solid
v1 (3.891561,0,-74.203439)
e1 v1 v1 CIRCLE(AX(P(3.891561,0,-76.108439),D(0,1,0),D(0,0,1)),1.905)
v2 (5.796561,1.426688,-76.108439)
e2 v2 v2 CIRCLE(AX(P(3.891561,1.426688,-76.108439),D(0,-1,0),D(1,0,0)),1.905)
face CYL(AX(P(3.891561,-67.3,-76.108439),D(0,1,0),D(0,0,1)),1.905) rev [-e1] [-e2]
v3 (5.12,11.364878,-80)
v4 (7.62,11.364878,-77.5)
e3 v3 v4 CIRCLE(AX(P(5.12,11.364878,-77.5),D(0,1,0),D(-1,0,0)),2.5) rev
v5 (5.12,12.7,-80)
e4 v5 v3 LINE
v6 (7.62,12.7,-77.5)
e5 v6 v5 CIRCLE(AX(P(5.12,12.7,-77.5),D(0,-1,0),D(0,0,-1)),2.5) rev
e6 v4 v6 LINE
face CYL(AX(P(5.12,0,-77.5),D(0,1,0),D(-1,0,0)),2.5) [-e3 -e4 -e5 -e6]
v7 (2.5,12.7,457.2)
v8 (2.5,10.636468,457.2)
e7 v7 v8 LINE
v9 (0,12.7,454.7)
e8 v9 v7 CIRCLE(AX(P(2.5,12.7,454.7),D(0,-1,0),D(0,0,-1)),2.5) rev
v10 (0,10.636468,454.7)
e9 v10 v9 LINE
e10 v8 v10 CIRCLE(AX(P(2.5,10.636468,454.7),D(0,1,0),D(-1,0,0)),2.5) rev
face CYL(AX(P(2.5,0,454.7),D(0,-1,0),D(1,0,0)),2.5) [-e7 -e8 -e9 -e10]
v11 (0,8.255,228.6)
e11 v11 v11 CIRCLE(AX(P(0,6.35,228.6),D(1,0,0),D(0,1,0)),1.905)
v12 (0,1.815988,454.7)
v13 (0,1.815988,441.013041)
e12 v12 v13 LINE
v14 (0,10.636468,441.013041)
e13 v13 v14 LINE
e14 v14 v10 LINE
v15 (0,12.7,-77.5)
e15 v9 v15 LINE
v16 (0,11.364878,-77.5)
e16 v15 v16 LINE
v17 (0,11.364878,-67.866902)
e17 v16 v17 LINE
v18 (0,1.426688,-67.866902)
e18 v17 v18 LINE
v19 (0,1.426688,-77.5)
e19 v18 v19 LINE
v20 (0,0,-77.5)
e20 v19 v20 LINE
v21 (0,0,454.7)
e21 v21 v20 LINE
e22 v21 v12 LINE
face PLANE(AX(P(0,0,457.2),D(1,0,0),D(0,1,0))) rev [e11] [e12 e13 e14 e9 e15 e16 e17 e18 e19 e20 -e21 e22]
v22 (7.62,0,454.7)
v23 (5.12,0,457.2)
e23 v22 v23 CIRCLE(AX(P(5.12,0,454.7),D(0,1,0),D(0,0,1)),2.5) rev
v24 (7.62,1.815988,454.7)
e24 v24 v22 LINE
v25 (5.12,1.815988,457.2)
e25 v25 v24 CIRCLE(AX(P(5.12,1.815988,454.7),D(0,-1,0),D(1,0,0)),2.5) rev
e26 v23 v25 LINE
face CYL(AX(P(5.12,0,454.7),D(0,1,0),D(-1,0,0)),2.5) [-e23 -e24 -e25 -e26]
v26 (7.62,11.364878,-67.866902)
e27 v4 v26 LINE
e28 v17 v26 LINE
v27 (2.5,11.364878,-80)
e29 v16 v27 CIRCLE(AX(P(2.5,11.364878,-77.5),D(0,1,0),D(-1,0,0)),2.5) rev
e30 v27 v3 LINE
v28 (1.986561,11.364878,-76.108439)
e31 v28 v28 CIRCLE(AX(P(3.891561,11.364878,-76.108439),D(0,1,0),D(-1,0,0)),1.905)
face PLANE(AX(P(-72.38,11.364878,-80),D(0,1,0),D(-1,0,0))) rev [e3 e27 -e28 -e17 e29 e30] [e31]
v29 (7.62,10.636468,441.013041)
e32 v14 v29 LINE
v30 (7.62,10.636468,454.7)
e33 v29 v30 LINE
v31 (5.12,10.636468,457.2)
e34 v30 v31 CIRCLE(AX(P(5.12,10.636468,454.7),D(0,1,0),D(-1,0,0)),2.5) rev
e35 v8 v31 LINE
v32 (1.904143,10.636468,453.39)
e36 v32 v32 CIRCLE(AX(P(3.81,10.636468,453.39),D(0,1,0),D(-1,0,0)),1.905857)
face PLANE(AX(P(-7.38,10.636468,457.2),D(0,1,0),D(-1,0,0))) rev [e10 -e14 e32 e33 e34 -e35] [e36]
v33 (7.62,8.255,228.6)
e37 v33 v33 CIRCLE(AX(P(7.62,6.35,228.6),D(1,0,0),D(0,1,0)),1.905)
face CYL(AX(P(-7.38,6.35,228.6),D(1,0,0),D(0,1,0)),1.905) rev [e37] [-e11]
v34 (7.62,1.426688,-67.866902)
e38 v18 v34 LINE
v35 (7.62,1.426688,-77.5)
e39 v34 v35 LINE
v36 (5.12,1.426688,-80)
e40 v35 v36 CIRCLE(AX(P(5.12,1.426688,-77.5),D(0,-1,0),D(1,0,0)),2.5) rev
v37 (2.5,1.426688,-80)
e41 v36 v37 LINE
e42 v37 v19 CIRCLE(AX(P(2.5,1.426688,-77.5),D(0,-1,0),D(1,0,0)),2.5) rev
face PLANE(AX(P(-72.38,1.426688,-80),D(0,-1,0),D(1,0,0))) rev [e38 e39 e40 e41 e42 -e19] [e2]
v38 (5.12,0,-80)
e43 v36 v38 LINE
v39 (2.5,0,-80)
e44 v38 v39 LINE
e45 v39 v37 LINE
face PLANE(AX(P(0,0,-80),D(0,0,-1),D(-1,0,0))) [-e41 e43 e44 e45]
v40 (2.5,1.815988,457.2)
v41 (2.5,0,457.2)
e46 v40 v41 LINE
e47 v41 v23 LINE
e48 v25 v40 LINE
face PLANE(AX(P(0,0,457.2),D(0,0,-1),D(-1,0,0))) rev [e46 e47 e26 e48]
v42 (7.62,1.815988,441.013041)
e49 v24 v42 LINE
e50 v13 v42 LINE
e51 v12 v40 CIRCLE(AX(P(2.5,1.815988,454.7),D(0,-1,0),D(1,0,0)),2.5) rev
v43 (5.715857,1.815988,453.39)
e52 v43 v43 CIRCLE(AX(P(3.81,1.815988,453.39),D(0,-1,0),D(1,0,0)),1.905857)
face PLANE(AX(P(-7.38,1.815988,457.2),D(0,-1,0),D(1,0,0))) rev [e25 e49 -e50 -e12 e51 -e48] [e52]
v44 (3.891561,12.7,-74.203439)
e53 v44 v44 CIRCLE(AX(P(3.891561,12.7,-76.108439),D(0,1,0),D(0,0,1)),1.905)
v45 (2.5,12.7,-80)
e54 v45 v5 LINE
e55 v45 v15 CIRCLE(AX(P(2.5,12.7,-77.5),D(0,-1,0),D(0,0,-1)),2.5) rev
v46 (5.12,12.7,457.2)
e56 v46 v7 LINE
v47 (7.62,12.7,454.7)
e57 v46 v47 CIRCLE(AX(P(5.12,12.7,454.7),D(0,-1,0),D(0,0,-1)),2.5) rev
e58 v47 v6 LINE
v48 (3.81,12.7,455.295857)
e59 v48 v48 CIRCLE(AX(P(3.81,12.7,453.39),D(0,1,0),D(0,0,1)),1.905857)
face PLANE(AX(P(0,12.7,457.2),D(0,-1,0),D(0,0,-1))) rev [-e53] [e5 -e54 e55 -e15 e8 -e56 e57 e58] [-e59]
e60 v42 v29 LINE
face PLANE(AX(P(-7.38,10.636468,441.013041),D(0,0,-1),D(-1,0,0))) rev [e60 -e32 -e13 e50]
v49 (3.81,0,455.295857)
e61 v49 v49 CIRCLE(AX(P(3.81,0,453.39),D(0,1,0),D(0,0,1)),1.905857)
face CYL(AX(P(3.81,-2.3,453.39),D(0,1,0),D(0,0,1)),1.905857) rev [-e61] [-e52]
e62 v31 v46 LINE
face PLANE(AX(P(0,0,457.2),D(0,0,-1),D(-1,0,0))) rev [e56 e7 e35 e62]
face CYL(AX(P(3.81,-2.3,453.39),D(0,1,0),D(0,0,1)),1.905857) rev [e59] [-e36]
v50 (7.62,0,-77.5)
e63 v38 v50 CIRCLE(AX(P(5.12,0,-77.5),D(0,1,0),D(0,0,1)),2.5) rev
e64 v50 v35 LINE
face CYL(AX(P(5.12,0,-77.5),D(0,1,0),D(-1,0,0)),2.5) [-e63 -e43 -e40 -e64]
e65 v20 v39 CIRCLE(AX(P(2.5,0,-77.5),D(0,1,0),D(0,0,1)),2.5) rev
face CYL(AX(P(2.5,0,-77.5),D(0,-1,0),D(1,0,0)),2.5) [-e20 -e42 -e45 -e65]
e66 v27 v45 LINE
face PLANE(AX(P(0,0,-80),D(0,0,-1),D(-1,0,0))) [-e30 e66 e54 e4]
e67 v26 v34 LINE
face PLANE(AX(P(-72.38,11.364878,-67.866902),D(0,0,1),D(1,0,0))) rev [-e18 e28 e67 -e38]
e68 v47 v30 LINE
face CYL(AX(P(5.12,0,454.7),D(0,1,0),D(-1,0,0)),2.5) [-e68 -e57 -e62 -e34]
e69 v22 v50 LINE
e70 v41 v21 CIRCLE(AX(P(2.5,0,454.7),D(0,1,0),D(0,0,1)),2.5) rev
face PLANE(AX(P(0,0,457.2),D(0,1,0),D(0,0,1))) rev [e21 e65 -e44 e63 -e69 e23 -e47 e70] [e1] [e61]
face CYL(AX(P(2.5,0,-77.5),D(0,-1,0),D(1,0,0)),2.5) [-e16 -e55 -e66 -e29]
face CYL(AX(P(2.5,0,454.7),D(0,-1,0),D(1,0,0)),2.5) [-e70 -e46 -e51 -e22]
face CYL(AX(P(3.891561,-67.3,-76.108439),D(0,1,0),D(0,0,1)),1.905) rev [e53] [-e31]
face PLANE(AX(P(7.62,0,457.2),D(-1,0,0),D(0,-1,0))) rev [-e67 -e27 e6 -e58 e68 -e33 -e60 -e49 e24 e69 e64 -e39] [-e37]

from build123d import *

# Parameters (mm, degrees)
SKETCH1_W           = 7.62
SKETCH1_H           = 12.7
BOSS_EXTRUDE1_DEPTH = 457.2
SKETCH3_R           = 1.905
CUT_EXTRUDE2_DEPTH  = 15
SKETCH4_W           = 16.186958623
SKETCH4_H           = 8.82047947
CUT_EXTRUDE3_DEPTH  = 15
CUT_EXTRUDE4_DEPTH  = 15
FILLET1_R           = 2.5
SKETCH6_W           = 7.62
SKETCH6_H           = 12.7
BOSS_EXTRUDE2_DEPTH = 80
SKETCH7_W           = 12.13309825
SKETCH7_H           = 9.938189712
CUT_EXTRUDE5_DEPTH  = 80
CUT_EXTRUDE6_DEPTH  = 80
FILLET2_R           = 2.5


with BuildPart() as part:
    # Sketch1 → Boss-Extrude1 (new body)
    with BuildSketch(Plane.XY):
        with Locations((3.81, 6.35)):
            Rectangle(SKETCH1_W, SKETCH1_H)
    extrude(amount=BOSS_EXTRUDE1_DEPTH)

    # Sketch3 → Cut-Extrude2 (cut)
    with BuildSketch(Plane(origin=(7.62, 0, 0), x_dir=(0, 0, -1), z_dir=(1, 0, 0))):
        with Locations((-228.6, 6.35)):
            Circle(SKETCH3_R)
    extrude(amount=-CUT_EXTRUDE2_DEPTH, mode=Mode.SUBTRACT)

    # Sketch4 → Cut-Extrude3 (cut)
    with BuildSketch(Plane(origin=(7.62, 0, 0), x_dir=(0, 0, -1), z_dir=(1, 0, 0))):
        with Locations((-449.106520689, 6.226228187)):
            Rectangle(SKETCH4_W, SKETCH4_H)
    extrude(amount=-CUT_EXTRUDE3_DEPTH, mode=Mode.SUBTRACT)

    # Sketch5 → Cut-Extrude4 (cut)
    with BuildSketch(Plane(origin=(0, 12.7, 0), x_dir=(1, 0, 0), z_dir=(0, 1, 0))):
        with BuildLine():
            ThreePointArc((5.157644125, -452.042355875), (2.462355875, -452.042355875), (2.462355875, -454.737644125))
            Line((2.462355875, -454.737644125), (5.157644125, -452.042355875))
        make_face()
        with BuildLine():
            Line((5.157644125, -452.042355875), (2.462355875, -454.737644125))
            ThreePointArc((2.462355875, -454.737644125), (4.539339745, -455.150781904), (5.715856599, -453.39))
            ThreePointArc((5.715856599, -453.39), (5.570781904, -452.660660255), (5.157644125, -452.042355875))
        make_face()
    extrude(amount=-CUT_EXTRUDE4_DEPTH, mode=Mode.SUBTRACT)

    # Fillet1
    fillet1_edges = [part.edges().sort_by_distance(p)[0] for p in [
        (7.62, 0.907994226, 457.2),
        (0, 0.907994226, 457.2),
        (7.62, 11.668233961, 457.2),
        (0, 11.668233961, 457.2),
    ]]
    fillet(fillet1_edges, radius=FILLET1_R)

    # Sketch6 → Boss-Extrude2 (add)
    with BuildSketch(Plane(origin=(0, 0, 0), x_dir=(-1, 0, 0), z_dir=(0, 0, -1))):
        with Locations((-3.81, 6.35)):
            Rectangle(SKETCH6_W, SKETCH6_H)
    extrude(amount=BOSS_EXTRUDE2_DEPTH)

    # Sketch7 → Cut-Extrude5 (cut)
    with BuildSketch(Plane(origin=(7.62, 0, 0), x_dir=(0, 0, -1), z_dir=(1, 0, 0))):
        with Locations((73.933450875, 6.395782886)):
            Rectangle(SKETCH7_W, SKETCH7_H)
    extrude(amount=-CUT_EXTRUDE5_DEPTH, mode=Mode.SUBTRACT)

    # Sketch8 → Cut-Extrude6 (cut)
    with BuildSketch(Plane(origin=(0, 12.7, 0), x_dir=(1, 0, 0), z_dir=(0, 1, 0))):
        with BuildLine():
            ThreePointArc((5.796561175, 76.108438825), (4.620573114, 77.868429334), (2.544522757, 77.455477243))
            Line((2.544522757, 77.455477243), (5.238599594, 74.761400406))
            ThreePointArc((5.238599594, 74.761400406), (5.651551685, 75.379426886), (5.796561175, 76.108438825))
        make_face()
        with BuildLine():
            Line((5.238599594, 74.761400406), (2.544522757, 77.455477243))
            ThreePointArc((2.544522757, 77.455477243), (2.544522757, 74.761400406), (5.238599594, 74.761400406))
        make_face()
    extrude(amount=-CUT_EXTRUDE6_DEPTH, mode=Mode.SUBTRACT)

    # Fillet2
    fillet2_edges = [part.edges().sort_by_distance(p)[0] for p in [
        (0, 0.713344015, -80),
        (7.62, 12.032438871, -80),
        (0, 12.032438871, -80),
        (7.62, 0.713344015, -80),
    ]]
    fillet(fillet2_edges, radius=FILLET2_R)


solid = part.part
